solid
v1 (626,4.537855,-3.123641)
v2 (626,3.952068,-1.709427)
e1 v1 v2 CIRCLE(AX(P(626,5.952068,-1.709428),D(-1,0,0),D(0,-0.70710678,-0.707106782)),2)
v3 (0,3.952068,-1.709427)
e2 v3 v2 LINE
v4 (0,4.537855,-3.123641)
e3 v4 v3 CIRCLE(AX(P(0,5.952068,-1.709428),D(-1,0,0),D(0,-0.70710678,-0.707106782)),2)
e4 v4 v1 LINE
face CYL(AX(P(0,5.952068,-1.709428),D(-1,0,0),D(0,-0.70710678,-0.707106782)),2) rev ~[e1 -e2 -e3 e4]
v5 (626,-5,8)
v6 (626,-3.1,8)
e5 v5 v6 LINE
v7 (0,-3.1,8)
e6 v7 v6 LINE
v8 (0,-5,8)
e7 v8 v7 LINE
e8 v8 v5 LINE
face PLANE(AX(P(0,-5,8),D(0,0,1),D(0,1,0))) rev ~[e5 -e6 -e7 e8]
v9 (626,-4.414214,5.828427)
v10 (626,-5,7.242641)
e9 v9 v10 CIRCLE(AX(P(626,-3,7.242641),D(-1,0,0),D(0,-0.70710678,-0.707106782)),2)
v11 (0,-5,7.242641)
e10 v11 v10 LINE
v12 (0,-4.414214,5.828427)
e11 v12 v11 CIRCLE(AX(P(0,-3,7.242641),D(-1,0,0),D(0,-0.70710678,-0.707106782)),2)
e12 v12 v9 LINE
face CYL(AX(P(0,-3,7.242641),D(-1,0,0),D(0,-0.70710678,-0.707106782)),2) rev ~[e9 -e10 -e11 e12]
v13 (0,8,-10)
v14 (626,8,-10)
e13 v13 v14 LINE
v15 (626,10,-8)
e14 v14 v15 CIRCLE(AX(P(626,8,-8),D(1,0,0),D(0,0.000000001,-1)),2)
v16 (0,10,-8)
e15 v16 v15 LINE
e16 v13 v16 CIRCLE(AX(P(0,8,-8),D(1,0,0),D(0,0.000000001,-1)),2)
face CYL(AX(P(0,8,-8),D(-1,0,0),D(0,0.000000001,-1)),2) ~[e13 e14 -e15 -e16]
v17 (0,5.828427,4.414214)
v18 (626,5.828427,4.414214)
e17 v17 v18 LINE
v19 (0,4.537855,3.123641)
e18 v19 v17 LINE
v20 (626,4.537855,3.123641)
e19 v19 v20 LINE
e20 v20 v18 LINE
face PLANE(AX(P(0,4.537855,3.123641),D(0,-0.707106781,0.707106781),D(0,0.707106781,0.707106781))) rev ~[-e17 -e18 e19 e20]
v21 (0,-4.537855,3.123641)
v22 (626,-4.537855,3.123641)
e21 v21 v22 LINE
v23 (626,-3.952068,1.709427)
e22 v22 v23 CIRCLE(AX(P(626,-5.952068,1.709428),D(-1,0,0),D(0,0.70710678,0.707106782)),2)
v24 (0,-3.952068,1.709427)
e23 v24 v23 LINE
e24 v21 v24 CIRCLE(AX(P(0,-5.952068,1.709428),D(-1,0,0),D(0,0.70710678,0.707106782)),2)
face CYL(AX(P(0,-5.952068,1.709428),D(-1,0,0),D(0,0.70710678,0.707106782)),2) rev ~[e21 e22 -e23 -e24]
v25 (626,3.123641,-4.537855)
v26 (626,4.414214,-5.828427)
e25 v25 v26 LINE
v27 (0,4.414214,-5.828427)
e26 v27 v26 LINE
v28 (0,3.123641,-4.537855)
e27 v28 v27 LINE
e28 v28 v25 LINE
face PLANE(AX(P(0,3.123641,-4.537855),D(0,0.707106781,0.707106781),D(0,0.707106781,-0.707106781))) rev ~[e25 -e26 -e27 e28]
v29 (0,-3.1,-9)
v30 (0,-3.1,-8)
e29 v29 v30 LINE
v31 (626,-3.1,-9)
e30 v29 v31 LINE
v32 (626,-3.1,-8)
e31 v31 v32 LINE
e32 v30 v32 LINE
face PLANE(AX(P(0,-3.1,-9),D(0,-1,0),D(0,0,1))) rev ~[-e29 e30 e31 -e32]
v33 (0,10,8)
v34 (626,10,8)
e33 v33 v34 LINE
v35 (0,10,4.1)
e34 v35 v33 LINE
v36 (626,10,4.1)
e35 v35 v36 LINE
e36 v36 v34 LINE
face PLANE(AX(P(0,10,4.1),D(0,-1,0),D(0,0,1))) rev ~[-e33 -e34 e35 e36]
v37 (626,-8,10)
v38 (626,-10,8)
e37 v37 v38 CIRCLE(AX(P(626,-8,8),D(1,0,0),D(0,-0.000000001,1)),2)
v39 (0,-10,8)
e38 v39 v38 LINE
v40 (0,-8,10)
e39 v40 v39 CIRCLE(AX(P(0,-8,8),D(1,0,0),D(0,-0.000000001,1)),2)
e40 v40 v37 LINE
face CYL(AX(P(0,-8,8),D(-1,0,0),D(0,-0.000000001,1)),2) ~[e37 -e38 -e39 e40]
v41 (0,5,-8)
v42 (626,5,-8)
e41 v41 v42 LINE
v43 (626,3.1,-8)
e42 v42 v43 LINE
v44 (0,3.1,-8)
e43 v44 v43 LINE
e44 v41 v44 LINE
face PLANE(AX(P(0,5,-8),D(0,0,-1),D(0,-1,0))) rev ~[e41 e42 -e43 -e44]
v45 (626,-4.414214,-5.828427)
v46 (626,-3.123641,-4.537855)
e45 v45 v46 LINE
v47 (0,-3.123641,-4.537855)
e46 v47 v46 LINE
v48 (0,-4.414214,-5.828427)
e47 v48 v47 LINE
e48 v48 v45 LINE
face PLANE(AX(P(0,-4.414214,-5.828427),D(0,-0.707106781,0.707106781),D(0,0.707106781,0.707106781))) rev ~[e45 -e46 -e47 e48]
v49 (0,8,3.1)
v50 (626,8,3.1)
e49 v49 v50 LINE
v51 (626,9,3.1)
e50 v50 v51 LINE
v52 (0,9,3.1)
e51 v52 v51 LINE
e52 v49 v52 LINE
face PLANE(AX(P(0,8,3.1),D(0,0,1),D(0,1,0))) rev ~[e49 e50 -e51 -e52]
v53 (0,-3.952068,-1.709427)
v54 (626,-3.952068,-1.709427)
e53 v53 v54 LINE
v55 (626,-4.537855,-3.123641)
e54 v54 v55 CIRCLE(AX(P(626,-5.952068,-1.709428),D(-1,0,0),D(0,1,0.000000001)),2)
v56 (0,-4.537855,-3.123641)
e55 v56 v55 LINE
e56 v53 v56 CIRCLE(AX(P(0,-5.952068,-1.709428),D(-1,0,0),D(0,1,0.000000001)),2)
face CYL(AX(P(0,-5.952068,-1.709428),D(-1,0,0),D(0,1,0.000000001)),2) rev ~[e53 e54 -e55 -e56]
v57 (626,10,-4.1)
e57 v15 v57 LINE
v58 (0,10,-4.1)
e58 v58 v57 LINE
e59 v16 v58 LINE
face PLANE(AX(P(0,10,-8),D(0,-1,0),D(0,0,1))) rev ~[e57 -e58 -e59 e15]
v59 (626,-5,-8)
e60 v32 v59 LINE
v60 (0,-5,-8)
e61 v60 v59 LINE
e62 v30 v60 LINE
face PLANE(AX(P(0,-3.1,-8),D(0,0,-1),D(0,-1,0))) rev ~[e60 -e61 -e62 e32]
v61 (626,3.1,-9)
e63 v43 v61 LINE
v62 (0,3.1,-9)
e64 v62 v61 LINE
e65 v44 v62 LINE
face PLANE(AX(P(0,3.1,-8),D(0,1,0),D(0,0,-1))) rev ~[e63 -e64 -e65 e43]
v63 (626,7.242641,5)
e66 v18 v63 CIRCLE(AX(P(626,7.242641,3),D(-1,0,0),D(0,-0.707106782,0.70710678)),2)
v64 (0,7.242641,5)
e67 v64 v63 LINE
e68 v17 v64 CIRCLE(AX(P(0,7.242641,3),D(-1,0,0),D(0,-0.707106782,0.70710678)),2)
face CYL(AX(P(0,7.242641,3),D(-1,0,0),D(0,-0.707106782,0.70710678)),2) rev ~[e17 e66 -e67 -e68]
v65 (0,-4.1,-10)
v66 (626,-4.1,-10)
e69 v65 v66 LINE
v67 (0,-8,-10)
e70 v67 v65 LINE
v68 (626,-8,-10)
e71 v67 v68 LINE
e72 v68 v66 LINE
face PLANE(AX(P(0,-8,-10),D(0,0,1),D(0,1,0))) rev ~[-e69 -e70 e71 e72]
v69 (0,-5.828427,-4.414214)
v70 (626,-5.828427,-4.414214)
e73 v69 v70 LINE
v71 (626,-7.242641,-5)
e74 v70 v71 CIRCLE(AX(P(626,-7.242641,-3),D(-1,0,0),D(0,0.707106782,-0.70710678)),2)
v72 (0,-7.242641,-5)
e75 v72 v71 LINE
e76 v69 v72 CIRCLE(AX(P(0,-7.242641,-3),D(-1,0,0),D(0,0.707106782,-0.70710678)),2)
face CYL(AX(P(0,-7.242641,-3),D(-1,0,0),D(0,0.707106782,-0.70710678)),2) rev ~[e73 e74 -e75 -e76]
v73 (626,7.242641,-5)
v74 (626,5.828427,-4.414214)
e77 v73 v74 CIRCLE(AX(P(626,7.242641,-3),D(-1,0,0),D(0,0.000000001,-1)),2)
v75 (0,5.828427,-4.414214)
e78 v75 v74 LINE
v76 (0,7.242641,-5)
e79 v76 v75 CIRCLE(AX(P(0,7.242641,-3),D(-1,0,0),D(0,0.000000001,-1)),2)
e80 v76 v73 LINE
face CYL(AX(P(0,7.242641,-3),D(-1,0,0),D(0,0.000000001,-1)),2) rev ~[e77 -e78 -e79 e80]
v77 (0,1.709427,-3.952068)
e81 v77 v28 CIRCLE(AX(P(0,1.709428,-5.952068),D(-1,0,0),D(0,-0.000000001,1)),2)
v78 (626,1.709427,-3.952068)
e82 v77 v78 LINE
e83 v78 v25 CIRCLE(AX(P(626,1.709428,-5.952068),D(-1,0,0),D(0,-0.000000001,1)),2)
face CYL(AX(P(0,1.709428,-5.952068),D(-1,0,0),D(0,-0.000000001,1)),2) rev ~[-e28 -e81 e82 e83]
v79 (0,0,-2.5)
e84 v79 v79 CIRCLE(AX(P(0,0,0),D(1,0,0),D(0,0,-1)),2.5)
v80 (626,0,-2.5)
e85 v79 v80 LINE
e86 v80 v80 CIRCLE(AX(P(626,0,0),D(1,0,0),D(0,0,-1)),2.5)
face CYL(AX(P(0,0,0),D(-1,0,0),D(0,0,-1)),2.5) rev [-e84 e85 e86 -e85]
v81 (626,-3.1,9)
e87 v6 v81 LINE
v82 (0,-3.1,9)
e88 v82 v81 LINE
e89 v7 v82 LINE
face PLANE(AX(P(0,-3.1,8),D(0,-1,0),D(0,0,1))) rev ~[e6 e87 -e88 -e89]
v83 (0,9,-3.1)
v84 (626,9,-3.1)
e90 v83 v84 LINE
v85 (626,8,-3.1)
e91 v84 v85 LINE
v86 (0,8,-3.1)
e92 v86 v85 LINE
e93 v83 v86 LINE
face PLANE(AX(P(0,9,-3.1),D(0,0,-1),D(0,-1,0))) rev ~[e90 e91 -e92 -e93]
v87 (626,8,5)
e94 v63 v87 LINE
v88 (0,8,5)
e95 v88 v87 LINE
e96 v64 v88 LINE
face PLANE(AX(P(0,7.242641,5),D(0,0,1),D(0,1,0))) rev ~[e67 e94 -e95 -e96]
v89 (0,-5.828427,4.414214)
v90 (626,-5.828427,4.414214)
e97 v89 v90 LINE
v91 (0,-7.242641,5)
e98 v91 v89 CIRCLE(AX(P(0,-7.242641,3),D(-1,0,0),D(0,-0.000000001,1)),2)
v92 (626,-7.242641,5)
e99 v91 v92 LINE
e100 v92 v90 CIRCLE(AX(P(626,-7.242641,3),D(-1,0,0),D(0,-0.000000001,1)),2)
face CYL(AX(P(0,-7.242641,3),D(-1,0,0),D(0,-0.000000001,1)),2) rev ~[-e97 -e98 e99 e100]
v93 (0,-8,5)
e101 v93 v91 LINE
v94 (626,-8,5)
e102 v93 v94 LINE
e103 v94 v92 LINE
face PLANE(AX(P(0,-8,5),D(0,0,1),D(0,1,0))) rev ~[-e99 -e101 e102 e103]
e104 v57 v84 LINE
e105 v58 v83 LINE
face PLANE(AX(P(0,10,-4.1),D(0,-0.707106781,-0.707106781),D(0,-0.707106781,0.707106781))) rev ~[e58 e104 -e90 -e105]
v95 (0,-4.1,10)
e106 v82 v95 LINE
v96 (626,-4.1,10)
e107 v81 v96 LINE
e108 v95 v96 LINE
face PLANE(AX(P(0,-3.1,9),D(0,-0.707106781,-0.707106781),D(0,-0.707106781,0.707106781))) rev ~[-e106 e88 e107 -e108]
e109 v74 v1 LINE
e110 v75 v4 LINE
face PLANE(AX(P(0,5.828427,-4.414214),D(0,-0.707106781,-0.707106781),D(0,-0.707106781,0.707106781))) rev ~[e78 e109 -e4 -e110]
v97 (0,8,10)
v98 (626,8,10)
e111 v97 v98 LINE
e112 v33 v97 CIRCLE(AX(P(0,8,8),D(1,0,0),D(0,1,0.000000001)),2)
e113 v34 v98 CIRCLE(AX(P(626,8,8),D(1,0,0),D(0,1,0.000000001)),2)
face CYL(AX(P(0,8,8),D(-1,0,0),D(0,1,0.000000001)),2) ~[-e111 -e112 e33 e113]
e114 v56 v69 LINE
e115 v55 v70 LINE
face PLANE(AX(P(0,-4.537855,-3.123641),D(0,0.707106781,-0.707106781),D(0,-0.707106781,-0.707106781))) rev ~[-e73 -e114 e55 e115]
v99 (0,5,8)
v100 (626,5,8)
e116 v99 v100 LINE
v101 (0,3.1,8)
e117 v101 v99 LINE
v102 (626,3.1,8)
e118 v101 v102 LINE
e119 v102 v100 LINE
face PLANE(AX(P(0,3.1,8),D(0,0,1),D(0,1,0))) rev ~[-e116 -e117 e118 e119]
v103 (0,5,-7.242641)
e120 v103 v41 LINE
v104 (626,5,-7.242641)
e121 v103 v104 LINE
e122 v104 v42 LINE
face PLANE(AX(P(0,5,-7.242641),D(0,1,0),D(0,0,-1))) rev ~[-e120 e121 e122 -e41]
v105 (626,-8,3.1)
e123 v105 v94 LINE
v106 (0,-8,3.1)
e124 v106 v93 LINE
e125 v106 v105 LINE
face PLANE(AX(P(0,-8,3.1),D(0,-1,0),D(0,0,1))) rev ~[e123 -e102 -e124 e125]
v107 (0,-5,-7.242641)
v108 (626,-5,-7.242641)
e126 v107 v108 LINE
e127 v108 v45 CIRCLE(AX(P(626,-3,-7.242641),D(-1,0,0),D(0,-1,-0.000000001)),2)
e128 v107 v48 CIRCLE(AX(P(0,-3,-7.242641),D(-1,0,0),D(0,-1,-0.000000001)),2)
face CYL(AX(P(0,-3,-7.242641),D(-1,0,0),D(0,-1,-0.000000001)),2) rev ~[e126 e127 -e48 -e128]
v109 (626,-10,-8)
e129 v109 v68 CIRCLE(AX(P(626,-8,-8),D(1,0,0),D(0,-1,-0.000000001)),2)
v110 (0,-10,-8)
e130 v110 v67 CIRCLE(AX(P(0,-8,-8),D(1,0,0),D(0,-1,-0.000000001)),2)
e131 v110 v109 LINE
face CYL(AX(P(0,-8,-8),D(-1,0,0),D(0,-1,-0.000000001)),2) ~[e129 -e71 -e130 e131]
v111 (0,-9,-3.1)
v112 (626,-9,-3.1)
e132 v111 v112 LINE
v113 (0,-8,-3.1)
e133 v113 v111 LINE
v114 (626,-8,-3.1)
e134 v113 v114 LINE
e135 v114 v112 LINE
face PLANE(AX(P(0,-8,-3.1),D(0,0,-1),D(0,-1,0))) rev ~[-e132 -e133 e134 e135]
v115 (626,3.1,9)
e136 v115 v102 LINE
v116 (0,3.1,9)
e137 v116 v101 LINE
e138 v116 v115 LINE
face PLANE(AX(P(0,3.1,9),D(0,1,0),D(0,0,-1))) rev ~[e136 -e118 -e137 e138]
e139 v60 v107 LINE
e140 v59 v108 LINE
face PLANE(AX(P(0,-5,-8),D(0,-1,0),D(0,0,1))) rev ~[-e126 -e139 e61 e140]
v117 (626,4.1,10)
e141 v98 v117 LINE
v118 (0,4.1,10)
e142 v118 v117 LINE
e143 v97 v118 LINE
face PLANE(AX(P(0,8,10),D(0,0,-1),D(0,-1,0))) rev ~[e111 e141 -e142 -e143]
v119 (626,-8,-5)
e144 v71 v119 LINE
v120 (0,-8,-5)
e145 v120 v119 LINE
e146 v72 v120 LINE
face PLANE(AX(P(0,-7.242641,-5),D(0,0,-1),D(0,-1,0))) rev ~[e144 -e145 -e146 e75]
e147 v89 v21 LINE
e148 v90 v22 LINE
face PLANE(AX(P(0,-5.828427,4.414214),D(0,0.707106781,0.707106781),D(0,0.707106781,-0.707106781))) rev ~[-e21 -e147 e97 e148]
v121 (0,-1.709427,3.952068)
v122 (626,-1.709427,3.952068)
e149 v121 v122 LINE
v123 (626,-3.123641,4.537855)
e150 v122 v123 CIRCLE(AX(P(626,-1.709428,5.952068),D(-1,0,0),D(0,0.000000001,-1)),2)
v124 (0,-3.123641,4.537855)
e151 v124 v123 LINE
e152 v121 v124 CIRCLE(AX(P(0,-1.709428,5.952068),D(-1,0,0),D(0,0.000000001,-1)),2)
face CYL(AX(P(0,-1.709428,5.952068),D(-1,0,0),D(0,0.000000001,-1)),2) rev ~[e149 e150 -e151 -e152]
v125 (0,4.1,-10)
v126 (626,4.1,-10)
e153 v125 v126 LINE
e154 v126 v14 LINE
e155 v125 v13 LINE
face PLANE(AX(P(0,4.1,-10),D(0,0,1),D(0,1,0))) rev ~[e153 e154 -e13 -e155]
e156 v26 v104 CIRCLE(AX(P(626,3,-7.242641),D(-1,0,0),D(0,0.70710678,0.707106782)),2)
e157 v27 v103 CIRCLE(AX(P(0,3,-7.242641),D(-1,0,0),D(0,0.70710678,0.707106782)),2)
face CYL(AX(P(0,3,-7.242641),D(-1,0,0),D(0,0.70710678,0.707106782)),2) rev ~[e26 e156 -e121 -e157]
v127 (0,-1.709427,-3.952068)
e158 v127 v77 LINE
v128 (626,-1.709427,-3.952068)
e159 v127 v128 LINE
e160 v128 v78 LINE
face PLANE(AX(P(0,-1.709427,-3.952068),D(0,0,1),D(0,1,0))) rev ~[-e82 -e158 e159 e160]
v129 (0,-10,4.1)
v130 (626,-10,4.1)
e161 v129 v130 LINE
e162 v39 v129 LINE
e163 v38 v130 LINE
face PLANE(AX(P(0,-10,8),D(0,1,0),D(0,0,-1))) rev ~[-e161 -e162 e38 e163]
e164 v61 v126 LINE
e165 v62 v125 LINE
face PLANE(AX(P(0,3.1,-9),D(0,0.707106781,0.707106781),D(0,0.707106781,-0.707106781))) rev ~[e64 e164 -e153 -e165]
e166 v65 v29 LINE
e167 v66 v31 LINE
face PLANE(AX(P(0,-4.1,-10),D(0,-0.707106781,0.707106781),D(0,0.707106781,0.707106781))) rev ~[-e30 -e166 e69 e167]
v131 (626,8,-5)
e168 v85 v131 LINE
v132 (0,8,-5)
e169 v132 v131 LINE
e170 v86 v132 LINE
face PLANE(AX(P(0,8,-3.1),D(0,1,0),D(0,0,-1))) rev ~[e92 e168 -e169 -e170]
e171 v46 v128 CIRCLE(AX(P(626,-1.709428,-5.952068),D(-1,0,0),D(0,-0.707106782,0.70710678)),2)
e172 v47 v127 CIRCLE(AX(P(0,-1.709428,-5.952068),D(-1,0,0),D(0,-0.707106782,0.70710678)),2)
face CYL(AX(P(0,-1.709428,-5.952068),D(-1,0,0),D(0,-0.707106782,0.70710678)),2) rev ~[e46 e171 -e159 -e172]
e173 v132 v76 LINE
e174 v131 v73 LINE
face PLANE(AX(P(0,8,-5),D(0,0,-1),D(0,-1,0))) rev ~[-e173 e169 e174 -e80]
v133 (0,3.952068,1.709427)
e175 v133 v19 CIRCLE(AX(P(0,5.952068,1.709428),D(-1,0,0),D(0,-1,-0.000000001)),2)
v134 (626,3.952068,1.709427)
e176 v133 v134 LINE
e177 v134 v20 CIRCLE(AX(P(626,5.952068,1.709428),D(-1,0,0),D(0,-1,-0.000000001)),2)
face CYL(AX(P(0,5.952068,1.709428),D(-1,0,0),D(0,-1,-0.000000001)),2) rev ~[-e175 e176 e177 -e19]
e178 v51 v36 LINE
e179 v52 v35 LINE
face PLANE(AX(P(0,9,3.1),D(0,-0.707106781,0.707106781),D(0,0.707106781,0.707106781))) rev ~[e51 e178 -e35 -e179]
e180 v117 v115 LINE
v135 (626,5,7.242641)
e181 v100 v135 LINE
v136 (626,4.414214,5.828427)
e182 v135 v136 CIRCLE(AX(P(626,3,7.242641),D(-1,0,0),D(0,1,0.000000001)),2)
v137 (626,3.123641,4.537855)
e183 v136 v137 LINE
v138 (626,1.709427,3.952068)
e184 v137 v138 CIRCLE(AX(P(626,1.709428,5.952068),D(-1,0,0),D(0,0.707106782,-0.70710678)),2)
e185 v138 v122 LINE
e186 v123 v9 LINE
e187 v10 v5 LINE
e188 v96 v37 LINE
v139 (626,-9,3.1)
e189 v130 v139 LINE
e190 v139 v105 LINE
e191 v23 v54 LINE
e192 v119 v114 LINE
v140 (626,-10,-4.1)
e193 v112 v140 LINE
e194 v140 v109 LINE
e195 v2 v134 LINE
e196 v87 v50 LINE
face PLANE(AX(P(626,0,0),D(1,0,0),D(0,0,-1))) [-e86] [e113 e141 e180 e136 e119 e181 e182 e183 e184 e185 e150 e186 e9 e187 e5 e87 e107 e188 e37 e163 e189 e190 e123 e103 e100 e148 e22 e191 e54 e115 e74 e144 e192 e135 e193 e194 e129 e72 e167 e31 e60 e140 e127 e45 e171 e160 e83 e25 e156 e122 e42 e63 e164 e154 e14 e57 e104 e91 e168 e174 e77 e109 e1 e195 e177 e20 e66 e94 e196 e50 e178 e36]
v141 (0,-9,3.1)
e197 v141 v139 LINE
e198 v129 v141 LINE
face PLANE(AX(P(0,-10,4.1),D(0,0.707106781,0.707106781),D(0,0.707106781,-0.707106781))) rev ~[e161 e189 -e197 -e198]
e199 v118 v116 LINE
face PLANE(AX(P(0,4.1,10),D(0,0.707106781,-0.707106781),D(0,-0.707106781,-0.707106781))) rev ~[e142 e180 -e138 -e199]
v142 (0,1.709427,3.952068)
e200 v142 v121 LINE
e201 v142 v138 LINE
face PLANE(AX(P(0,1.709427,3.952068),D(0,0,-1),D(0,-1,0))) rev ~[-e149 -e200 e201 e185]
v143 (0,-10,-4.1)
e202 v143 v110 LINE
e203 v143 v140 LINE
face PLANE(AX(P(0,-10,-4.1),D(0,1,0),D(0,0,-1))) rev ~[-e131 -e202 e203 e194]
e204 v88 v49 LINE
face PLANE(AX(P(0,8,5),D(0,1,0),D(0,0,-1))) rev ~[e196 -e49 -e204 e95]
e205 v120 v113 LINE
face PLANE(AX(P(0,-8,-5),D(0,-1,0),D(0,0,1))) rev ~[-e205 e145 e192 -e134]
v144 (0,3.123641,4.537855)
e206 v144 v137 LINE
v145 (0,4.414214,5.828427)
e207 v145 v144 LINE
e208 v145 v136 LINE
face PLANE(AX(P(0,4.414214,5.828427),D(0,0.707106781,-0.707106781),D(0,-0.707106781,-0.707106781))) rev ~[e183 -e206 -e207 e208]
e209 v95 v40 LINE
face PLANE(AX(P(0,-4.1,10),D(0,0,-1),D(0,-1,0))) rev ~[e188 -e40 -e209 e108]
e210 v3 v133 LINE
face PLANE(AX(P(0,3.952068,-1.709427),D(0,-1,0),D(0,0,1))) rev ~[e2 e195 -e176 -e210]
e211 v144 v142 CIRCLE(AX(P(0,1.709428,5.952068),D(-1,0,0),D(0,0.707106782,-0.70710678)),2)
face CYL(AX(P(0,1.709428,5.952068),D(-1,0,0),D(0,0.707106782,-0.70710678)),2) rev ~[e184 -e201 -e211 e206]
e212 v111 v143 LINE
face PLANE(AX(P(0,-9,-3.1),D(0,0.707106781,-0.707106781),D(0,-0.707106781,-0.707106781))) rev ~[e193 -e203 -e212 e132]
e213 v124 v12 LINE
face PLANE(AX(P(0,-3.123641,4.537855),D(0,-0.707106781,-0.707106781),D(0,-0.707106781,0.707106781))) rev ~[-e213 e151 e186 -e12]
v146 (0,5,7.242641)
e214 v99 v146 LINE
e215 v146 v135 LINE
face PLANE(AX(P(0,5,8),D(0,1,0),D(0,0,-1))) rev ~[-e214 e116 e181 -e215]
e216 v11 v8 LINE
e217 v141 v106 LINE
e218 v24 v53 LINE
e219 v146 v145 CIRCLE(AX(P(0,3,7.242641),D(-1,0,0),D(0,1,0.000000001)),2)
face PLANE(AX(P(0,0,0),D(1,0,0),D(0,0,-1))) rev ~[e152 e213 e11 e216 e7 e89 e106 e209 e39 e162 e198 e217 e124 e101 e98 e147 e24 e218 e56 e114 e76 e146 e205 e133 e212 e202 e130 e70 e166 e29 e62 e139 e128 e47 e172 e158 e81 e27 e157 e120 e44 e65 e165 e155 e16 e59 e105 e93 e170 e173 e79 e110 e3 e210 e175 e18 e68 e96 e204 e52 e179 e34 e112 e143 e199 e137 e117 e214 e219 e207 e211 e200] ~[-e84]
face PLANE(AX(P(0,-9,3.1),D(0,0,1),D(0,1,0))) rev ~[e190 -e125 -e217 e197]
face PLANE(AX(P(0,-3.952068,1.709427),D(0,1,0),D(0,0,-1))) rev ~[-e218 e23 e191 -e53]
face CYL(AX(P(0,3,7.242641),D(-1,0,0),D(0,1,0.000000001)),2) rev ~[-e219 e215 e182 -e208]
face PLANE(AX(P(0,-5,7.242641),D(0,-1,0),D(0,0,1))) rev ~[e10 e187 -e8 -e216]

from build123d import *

# Parameters (mm, degrees)
SKETCH1_R           = 2.5
BOSS_EXTRUDE1_DEPTH = 626


with BuildPart() as part:
    # Sketch1 → Boss-Extrude1 (new body)
    with BuildSketch(Plane(origin=(0, 0, 0), x_dir=(0, 0, -1), z_dir=(1, 0, 0))):
        with BuildLine():
            Line((-4.1, 10), (-8, 10))
            ThreePointArc((-8, 10), (-9.414213562, 9.414213562), (-10, 8))
            Line((-10, 8), (-10, 4.1))
            Line((-10, 4.1), (-9, 3.1))
            Line((-9, 3.1), (-8, 3.1))
            Line((-8, 3.1), (-8, 5))
            Line((-8, 5), (-7.242640687, 5))
            ThreePointArc((-7.242640687, 5), (-6.477273822, 4.847759065), (-5.828427125, 4.414213562))
            Line((-5.828427125, 4.414213562), (-4.537854624, 3.123641061))
            ThreePointArc((-4.537854624, 3.123641061), (-4.104309121, 2.474794364), (-3.952068186, 1.709427499))
            Line((-3.952068186, 1.709427499), (-3.952068186, -1.709427499))
            ThreePointArc((-3.952068186, -1.709427499), (-4.104309121, -2.474794364), (-4.537854624, -3.123641061))
            Line((-4.537854624, -3.123641061), (-5.828427125, -4.414213562))
            ThreePointArc((-5.828427125, -4.414213562), (-6.477273822, -4.847759065), (-7.242640687, -5))
            Line((-7.242640687, -5), (-8, -5))
            Line((-8, -5), (-8, -3.1))
            Line((-8, -3.1), (-9, -3.1))
            Line((-9, -3.1), (-10, -4.1))
            Line((-10, -4.1), (-10, -8))
            ThreePointArc((-10, -8), (-9.414213562, -9.414213562), (-8, -10))
            Line((-8, -10), (-4.1, -10))
            Line((-4.1, -10), (-3.1, -9))
            Line((-3.1, -9), (-3.1, -8))
            Line((-3.1, -8), (-5, -8))
            Line((-5, -8), (-5, -7.242640687))
            ThreePointArc((-5, -7.242640687), (-4.847759065, -6.477273822), (-4.414213562, -5.828427125))
            Line((-4.414213562, -5.828427125), (-3.123641061, -4.537854624))
            ThreePointArc((-3.123641061, -4.537854624), (-2.474794364, -4.104309121), (-1.709427499, -3.952068186))
            Line((-1.709427499, -3.952068186), (1.709427499, -3.952068186))
            ThreePointArc((1.709427499, -3.952068186), (2.474794364, -4.104309121), (3.123641061, -4.537854624))
            Line((3.123641061, -4.537854624), (4.414213562, -5.828427125))
            ThreePointArc((4.414213562, -5.828427125), (4.847759065, -6.477273822), (5, -7.242640687))
            Line((5, -7.242640687), (5, -8))
            Line((5, -8), (3.1, -8))
            Line((3.1, -8), (3.1, -9))
            Line((3.1, -9), (4.1, -10))
            Line((4.1, -10), (8, -10))
            ThreePointArc((8, -10), (9.414213562, -9.414213562), (10, -8))
            Line((10, -8), (10, -4.1))
            Line((10, -4.1), (9, -3.1))
            Line((9, -3.1), (8, -3.1))
            Line((8, -3.1), (8, -5))
            Line((8, -5), (7.242640687, -5))
            ThreePointArc((7.242640687, -5), (6.477273822, -4.847759065), (5.828427125, -4.414213562))
            Line((5.828427125, -4.414213562), (4.537854624, -3.123641061))
            ThreePointArc((4.537854624, -3.123641061), (4.104309121, -2.474794364), (3.952068186, -1.709427499))
            Line((3.952068186, -1.709427499), (3.952068186, 1.709427499))
            ThreePointArc((3.952068186, 1.709427499), (4.104309121, 2.474794364), (4.537854624, 3.123641061))
            Line((4.537854624, 3.123641061), (5.828427125, 4.414213562))
            ThreePointArc((5.828427125, 4.414213562), (6.477273822, 4.847759065), (7.242640687, 5))
            Line((7.242640687, 5), (8, 5))
            Line((8, 5), (8, 3.1))
            Line((8, 3.1), (9, 3.1))
            Line((9, 3.1), (10, 4.1))
            Line((10, 4.1), (10, 8))
            ThreePointArc((10, 8), (9.414213562, 9.414213562), (8, 10))
            Line((8, 10), (4.1, 10))
            Line((4.1, 10), (3.1, 9))
            Line((3.1, 9), (3.1, 8))
            Line((3.1, 8), (5, 8))
            Line((5, 8), (5, 7.242640687))
            ThreePointArc((5, 7.242640687), (4.847759065, 6.477273822), (4.414213562, 5.828427125))
            Line((4.414213562, 5.828427125), (3.123641061, 4.537854624))
            ThreePointArc((3.123641061, 4.537854624), (2.474794364, 4.104309121), (1.709427499, 3.952068186))
            Line((1.709427499, 3.952068186), (-1.709427499, 3.952068186))
            ThreePointArc((-1.709427499, 3.952068186), (-2.474794364, 4.104309121), (-3.123641061, 4.537854624))
            Line((-3.123641061, 4.537854624), (-4.414213562, 5.828427125))
            ThreePointArc((-4.414213562, 5.828427125), (-4.847759065, 6.477273822), (-5, 7.242640687))
            Line((-5, 7.242640687), (-5, 8))
            Line((-5, 8), (-3.1, 8))
            Line((-3.1, 8), (-3.1, 9))
            Line((-3.1, 9), (-4.1, 10))
        make_face()
        Circle(SKETCH1_R, mode=Mode.SUBTRACT)
    extrude(amount=BOSS_EXTRUDE1_DEPTH)


solid = part.part
